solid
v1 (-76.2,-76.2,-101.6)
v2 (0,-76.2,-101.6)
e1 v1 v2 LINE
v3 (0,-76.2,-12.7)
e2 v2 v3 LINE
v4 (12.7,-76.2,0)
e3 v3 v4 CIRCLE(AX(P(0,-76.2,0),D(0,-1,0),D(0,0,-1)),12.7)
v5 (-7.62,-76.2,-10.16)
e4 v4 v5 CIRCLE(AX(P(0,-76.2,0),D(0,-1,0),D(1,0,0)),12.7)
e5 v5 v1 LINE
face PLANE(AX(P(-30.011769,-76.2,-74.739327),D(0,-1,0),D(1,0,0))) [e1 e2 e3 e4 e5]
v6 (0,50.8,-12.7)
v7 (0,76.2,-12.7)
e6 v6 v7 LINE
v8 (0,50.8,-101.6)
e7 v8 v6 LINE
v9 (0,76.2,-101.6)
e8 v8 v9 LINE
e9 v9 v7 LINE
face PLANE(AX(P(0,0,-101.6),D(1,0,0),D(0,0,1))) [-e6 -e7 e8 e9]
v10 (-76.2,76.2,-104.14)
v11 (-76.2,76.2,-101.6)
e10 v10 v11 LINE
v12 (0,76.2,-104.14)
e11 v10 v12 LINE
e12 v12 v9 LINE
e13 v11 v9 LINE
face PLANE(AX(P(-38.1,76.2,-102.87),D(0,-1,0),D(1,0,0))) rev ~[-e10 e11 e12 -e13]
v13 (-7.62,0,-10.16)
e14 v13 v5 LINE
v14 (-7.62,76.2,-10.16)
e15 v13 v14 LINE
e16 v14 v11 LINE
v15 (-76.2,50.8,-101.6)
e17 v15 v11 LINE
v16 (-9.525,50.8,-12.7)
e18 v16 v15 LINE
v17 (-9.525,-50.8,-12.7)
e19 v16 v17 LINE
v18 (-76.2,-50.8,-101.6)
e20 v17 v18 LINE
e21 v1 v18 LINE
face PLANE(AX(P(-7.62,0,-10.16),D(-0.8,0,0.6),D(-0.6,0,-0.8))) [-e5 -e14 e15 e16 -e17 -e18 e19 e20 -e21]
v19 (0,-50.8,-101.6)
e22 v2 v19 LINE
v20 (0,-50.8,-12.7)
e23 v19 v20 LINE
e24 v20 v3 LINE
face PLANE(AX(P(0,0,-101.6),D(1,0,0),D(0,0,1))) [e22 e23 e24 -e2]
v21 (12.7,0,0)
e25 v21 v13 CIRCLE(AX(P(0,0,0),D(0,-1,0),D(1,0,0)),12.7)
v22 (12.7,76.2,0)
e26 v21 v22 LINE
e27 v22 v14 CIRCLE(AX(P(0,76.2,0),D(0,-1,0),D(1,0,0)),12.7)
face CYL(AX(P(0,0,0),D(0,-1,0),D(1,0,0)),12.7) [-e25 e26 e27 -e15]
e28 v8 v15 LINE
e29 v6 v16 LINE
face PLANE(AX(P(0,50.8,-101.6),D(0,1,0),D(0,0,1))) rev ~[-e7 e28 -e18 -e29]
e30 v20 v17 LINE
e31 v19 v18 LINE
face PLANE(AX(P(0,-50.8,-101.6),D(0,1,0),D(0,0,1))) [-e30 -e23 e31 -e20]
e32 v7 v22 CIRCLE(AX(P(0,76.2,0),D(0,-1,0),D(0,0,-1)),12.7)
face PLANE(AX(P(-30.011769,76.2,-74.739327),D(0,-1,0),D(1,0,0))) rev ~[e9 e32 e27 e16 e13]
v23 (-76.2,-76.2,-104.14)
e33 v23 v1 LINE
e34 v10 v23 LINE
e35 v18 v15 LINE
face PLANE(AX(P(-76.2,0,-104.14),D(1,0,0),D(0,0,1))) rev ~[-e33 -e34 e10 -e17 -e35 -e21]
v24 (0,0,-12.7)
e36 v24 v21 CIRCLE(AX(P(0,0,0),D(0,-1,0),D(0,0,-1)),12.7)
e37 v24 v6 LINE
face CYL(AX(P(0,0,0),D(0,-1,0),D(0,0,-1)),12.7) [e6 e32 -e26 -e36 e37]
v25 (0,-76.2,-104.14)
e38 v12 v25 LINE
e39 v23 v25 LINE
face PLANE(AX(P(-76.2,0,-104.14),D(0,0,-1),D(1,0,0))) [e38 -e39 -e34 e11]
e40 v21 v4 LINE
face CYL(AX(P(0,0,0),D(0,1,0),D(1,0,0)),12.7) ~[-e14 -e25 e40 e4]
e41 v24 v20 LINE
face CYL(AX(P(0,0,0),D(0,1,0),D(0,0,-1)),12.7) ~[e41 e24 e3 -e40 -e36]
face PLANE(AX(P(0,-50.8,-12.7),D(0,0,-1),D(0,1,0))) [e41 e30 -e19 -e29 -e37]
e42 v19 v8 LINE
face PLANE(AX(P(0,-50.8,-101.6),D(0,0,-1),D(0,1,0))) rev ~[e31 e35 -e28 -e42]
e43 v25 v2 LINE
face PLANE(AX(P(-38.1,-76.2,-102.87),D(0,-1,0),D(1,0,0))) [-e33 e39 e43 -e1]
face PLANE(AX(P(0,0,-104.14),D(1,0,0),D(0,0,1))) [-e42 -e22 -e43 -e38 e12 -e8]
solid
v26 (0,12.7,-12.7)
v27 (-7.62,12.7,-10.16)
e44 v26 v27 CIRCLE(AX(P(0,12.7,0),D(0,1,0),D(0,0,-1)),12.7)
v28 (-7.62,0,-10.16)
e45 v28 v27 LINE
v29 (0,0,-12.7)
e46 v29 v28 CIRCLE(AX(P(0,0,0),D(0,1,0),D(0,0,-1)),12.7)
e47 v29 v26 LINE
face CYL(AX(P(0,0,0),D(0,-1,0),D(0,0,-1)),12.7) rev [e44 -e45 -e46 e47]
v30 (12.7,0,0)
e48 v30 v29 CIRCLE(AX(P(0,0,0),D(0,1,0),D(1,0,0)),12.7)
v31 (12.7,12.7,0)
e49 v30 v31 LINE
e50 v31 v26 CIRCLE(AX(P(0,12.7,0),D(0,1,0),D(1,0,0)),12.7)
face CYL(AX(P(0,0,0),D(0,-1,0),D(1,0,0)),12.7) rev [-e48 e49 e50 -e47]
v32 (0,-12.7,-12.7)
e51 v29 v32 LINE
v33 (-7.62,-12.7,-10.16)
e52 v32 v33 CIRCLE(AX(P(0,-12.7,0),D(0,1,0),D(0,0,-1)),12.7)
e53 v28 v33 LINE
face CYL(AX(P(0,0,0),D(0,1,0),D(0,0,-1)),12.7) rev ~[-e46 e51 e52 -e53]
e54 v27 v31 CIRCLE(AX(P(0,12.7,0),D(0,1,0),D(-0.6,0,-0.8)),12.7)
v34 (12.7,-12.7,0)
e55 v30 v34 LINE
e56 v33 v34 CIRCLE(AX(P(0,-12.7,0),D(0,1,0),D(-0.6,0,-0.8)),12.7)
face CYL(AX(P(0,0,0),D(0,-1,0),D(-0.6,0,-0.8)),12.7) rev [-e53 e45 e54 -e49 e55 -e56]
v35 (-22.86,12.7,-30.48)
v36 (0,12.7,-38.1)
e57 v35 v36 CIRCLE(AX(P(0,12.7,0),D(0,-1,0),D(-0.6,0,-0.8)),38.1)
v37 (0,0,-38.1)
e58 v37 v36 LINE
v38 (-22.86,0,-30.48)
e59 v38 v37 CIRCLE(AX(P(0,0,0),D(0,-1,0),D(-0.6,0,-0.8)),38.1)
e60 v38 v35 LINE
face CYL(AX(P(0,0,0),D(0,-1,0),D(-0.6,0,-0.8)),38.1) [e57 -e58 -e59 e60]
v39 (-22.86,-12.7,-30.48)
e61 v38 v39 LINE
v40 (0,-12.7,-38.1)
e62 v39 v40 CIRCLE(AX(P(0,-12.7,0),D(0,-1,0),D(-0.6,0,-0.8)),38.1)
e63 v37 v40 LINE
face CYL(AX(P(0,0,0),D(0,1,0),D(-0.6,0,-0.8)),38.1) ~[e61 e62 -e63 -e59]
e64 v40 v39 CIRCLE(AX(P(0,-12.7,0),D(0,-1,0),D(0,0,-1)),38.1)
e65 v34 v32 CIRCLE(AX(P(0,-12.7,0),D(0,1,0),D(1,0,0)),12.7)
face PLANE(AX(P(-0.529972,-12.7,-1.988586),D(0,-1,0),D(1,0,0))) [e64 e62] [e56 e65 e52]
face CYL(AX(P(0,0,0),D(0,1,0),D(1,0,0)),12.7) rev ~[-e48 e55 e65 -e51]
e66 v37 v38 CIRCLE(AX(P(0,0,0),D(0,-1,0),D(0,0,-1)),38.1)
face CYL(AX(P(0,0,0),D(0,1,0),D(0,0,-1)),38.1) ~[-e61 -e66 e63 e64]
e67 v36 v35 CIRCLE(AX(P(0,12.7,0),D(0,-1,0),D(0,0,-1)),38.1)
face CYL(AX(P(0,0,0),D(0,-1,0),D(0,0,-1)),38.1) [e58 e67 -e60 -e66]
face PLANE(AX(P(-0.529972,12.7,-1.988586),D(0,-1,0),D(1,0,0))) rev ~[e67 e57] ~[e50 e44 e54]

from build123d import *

# Parameters (mm, degrees)
F0_W     = 76.2
F0_H     = 2.54
F1_DEPTH = 76.2
F2_DEPTH = 76.2
F3_W     = 101.6
F3_H     = 88.9
F4_DEPTH = 76.201
F5_DEPTH = 12.7


with BuildPart() as f1:
    # F0 (on Front) → F1 (new body, symmetric)
    with BuildSketch(Plane.XZ):
        with Locations((-38.1, -102.87)):
            Rectangle(F0_W, F0_H)
    extrude(amount=F1_DEPTH, both=True)

    # F0 (on Front) → F2 (join, symmetric)
    with BuildSketch(Plane.XZ):
        with BuildLine():
            ThreePointArc((0, -38.1), (-12.0482778852, -36.1448336557), (-22.86, -30.48))
            Line((-22.86, -30.48), (-76.2, -101.6))
            Line((-76.2, -101.6), (0, -101.6))
            Line((0, -101.6), (0, -38.1))
        make_face()
        with BuildLine():
            Line((-7.62, -10.16), (0, 0))
            Line((0, 0), (0, -12.7))
            ThreePointArc((0, -12.7), (8.9802561211, -8.9802561211), (12.7, 0))
            ThreePointArc((12.7, 0), (-5.6796126628, 11.3592253257), (-7.62, -10.16))
        make_face()
        with BuildLine():
            ThreePointArc((0, -12.7), (-4.0160926284, -12.0482778852), (-7.62, -10.16))
            Line((-7.62, -10.16), (-22.86, -30.48))
            ThreePointArc((-22.86, -30.48), (-12.0482778852, -36.1448336557), (0, -38.1))
            Line((0, -38.1), (0, -12.7))
        make_face()
        with BuildLine():
            Line((0, -12.7), (0, 0))
            Line((0, 0), (-7.62, -10.16))
            ThreePointArc((-7.62, -10.16), (-4.0160926284, -12.0482778852), (0, -12.7))
        make_face()
    extrude(amount=F2_DEPTH, both=True)

    # F3 (on face) → F4 (cut, through all)
    with BuildSketch(Plane.YZ):
        with Locations((0, -57.15)):
            Rectangle(F3_W, F3_H)
    extrude(amount=-F4_DEPTH, mode=Mode.SUBTRACT)


with BuildPart() as f5:
    # F0 (on Front) → F5 (new body, symmetric)
    with BuildSketch(Plane.XZ):
        with BuildLine():
            Line((-22.86, -30.48), (-7.62, -10.16))
            ThreePointArc((-7.62, -10.16), (-5.6796126628, 11.3592253257), (12.7, 0))
            ThreePointArc((12.7, 0), (8.9802561211, -8.9802561211), (0, -12.7))
            Line((0, -12.7), (0, -38.1))
            ThreePointArc((0, -38.1), (26.9407683632, -26.9407683632), (38.1, 0))
            ThreePointArc((38.1, 0), (-17.0388379885, 34.0776759771), (-22.86, -30.48))
        make_face()
        with BuildLine():
            ThreePointArc((0, -12.7), (-4.0160926284, -12.0482778852), (-7.62, -10.16))
            Line((-7.62, -10.16), (-22.86, -30.48))
            ThreePointArc((-22.86, -30.48), (-12.0482778852, -36.1448336557), (0, -38.1))
            Line((0, -38.1), (0, -12.7))
        make_face()
    extrude(amount=F5_DEPTH, both=True)


solid = Compound([f1.part, f5.part])
